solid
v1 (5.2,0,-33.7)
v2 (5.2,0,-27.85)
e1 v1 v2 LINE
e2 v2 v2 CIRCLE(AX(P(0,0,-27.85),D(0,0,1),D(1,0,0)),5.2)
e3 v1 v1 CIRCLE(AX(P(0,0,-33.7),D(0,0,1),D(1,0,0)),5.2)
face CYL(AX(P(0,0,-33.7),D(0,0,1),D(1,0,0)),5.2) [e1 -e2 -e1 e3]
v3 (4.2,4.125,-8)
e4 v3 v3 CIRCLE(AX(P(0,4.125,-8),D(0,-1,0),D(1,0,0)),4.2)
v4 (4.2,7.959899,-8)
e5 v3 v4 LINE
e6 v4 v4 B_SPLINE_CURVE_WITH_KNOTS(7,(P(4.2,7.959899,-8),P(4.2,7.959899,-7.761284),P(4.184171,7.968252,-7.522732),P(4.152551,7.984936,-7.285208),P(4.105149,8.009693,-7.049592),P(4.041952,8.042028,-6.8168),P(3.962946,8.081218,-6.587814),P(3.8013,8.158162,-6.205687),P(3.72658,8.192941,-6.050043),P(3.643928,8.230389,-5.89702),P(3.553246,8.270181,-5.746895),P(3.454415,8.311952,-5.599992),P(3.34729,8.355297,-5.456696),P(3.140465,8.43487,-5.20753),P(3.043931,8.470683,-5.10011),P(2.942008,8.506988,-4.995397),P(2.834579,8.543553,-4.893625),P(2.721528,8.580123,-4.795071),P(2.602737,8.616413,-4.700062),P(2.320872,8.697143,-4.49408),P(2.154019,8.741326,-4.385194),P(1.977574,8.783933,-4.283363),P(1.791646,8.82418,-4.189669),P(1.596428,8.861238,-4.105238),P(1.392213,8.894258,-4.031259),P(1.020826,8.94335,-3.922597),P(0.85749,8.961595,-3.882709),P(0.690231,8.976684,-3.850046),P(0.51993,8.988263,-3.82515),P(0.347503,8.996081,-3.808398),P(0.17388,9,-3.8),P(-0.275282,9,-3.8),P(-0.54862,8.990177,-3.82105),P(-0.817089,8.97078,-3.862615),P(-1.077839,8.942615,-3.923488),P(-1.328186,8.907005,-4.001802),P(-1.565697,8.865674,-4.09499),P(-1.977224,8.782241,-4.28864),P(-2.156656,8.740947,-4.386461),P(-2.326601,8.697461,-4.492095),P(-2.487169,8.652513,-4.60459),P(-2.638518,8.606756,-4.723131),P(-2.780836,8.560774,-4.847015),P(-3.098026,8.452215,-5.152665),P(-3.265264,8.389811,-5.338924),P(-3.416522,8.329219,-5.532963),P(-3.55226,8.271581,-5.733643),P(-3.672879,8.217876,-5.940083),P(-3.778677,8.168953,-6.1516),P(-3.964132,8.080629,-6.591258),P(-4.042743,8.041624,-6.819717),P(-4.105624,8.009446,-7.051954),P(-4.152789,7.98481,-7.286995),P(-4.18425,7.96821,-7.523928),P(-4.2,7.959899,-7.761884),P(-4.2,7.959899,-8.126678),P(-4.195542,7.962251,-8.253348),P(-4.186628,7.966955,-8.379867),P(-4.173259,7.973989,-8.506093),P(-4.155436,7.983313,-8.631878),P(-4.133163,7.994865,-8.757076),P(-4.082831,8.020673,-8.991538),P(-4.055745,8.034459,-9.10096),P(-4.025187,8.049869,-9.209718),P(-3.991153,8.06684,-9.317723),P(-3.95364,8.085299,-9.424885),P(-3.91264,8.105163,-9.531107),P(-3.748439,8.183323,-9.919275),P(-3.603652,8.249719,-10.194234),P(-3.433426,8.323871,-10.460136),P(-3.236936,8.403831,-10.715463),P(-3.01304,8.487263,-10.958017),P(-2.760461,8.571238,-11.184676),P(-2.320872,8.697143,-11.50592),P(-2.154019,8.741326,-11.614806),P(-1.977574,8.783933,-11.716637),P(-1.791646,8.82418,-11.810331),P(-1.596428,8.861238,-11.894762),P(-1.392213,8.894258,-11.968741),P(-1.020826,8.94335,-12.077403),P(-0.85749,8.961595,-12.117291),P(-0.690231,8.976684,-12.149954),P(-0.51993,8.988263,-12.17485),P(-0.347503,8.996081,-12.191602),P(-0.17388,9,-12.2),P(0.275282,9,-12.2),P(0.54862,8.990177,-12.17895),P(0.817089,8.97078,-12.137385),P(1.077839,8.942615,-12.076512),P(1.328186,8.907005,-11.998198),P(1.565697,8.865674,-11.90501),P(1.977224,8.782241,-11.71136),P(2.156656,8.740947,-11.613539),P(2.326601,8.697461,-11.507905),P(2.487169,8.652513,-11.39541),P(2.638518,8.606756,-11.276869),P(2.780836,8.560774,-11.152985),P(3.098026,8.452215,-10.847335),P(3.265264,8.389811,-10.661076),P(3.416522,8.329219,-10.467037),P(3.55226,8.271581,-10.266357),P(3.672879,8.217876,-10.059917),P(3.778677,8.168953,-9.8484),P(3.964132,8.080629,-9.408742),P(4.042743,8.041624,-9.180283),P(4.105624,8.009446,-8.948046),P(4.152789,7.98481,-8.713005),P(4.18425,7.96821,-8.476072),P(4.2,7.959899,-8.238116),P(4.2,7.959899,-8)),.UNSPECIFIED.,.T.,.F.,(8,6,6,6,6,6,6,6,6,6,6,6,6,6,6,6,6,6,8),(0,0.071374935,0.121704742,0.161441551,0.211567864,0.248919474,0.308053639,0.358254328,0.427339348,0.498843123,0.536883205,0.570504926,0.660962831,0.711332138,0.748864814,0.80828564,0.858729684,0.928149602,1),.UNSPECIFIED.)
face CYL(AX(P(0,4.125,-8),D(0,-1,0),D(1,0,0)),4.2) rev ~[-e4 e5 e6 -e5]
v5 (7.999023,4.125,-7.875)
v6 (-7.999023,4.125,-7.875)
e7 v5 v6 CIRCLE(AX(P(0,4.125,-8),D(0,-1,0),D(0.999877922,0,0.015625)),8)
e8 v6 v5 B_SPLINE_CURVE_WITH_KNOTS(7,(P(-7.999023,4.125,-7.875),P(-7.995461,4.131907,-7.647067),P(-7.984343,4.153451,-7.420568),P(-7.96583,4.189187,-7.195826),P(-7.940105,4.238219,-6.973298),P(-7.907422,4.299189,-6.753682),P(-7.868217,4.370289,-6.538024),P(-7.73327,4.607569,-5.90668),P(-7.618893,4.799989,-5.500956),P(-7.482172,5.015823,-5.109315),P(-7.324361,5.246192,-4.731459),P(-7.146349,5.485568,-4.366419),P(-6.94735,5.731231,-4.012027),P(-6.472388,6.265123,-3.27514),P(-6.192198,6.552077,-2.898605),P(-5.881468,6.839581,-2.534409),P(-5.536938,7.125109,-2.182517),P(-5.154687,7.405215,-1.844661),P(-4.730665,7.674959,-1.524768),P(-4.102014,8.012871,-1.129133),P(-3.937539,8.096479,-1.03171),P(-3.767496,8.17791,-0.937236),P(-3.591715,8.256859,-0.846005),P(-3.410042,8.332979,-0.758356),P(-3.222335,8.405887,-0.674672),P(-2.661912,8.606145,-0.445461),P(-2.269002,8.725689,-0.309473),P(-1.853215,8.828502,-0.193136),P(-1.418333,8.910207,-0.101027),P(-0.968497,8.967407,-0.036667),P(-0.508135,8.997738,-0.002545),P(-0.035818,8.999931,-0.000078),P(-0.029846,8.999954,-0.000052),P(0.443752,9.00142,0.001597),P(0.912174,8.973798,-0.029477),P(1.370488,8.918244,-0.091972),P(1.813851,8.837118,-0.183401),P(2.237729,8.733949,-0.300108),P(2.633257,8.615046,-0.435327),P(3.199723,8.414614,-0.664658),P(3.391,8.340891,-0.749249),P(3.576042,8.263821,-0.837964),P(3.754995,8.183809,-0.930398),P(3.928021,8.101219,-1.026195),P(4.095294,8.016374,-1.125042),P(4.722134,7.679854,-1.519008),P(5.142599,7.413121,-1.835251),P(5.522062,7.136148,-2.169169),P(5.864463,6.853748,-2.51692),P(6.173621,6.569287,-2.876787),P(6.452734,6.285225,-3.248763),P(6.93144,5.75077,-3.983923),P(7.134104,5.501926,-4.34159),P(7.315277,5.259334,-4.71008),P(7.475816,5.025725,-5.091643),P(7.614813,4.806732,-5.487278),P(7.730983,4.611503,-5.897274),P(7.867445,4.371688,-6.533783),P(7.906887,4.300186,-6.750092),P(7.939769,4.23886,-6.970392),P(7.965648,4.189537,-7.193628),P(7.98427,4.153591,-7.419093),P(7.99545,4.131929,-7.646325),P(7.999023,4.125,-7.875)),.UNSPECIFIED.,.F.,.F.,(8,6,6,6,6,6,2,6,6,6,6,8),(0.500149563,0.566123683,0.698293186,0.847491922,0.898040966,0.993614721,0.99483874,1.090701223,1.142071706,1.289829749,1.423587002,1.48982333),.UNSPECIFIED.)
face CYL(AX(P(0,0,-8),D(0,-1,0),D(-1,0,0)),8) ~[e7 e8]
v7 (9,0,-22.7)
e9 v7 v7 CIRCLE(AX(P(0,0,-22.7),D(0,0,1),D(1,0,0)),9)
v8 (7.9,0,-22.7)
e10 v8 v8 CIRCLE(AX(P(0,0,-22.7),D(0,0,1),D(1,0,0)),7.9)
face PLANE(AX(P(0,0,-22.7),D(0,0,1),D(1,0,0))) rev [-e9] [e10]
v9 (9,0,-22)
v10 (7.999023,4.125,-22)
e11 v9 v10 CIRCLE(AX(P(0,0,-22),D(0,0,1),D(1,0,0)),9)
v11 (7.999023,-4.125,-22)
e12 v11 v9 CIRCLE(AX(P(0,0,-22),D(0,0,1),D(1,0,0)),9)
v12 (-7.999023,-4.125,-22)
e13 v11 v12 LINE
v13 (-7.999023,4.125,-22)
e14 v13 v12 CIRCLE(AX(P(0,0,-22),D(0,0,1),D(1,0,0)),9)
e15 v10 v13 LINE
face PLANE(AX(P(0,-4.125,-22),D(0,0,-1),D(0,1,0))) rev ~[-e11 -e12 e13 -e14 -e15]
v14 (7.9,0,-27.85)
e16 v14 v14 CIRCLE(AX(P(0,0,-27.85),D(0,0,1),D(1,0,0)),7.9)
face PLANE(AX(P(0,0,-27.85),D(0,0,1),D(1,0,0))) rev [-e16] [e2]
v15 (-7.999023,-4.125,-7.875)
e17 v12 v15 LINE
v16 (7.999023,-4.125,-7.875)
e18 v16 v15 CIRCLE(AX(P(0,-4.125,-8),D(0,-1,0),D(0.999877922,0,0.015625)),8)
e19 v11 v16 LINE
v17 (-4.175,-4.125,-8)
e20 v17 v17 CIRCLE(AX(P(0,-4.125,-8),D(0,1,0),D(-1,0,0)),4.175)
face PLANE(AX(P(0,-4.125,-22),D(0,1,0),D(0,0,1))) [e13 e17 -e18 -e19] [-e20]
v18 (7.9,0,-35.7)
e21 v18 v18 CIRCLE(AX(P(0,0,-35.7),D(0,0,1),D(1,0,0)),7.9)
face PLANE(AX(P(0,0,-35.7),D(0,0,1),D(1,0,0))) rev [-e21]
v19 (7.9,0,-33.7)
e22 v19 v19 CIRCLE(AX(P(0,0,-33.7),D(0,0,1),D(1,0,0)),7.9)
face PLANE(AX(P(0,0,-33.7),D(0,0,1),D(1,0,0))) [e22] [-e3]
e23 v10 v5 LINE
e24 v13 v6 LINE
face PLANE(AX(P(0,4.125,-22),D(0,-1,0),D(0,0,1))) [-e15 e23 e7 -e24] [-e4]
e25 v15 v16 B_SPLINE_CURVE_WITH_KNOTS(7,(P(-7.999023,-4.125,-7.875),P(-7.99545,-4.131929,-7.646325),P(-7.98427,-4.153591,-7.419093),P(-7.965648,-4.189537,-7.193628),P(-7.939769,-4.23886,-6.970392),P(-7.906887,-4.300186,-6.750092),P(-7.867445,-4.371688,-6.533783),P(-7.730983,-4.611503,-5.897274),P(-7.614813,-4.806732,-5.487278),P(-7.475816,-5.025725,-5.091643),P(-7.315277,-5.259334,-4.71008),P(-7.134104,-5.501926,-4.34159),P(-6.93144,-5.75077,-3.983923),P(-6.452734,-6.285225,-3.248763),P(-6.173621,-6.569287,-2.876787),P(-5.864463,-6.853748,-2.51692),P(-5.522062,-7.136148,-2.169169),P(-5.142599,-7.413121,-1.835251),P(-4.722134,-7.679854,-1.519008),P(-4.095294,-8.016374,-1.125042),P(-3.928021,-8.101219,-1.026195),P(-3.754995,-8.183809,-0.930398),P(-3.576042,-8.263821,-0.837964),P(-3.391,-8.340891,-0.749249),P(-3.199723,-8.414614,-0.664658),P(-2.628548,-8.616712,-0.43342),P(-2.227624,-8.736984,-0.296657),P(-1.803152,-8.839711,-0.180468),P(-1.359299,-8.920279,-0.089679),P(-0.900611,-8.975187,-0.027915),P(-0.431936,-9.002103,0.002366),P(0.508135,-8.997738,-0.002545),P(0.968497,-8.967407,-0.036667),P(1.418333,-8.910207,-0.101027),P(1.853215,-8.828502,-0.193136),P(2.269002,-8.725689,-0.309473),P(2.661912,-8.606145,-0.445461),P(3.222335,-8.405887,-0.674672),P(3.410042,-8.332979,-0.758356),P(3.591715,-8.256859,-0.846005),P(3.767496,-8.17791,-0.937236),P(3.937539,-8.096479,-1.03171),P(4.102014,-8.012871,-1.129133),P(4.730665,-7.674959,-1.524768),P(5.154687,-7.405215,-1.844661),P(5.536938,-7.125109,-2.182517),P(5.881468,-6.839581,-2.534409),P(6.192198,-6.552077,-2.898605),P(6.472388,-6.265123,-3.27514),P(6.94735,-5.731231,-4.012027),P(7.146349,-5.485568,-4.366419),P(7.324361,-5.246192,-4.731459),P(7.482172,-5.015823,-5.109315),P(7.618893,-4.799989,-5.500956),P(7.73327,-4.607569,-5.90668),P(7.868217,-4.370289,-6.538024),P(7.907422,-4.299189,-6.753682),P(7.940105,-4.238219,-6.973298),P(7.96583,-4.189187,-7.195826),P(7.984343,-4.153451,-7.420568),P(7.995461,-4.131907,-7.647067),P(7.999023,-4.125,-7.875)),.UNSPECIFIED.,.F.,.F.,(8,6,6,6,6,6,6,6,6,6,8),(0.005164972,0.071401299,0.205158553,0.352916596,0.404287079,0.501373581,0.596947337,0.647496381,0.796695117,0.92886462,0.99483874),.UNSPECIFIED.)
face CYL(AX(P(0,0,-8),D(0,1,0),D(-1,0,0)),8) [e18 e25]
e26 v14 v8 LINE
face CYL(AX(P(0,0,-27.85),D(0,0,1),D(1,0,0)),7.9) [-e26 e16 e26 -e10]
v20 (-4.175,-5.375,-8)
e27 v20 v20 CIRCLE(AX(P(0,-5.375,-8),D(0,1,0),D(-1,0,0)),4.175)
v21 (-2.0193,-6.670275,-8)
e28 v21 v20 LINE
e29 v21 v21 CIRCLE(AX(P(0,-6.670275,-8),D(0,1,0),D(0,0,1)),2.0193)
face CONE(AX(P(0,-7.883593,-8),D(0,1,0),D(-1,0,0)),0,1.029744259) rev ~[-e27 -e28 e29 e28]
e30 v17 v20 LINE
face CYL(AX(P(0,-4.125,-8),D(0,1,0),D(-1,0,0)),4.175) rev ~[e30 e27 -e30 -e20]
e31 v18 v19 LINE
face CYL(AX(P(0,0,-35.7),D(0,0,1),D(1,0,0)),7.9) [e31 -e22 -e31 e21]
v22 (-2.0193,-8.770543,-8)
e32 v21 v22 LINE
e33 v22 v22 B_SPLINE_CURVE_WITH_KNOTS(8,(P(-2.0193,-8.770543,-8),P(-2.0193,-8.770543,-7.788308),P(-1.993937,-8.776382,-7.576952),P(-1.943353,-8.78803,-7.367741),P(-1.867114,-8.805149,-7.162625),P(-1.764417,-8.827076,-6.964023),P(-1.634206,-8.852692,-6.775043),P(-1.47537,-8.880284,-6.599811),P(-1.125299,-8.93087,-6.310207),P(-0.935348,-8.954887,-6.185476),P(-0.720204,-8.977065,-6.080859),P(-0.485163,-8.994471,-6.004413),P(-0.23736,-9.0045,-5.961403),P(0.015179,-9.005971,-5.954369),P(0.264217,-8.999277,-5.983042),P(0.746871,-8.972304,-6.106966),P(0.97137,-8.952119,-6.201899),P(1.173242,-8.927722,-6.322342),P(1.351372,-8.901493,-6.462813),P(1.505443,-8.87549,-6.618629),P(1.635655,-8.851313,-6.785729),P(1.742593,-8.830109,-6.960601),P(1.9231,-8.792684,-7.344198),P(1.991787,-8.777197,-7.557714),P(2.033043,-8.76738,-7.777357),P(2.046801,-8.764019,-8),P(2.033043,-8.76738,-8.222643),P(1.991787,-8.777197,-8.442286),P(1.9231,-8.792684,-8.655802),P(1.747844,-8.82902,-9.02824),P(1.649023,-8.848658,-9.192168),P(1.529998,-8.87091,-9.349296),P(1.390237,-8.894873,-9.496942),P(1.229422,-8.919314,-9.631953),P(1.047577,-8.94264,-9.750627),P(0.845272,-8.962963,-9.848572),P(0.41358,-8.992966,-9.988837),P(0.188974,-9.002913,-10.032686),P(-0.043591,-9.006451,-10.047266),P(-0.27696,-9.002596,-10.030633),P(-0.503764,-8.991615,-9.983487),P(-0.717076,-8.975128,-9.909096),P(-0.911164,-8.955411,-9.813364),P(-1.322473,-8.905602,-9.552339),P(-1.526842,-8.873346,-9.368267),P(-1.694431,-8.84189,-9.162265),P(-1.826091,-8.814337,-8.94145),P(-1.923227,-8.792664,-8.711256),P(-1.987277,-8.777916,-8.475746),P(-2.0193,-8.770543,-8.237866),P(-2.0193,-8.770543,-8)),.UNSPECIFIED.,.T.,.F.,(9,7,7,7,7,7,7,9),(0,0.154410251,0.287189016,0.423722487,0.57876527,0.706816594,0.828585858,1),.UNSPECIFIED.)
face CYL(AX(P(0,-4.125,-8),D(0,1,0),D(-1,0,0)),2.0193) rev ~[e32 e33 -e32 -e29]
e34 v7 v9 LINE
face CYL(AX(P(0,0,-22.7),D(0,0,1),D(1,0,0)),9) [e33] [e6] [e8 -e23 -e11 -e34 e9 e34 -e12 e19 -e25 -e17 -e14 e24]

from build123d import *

# Parameters (mm, degrees)
F2_W           = 8.25
F2_H           = 22
F3_DEPTH       = 9.001
F3_DEPTH_BACK  = 9.001
F5_D           = 4.0386
F5_DEPTH       = 4.876
F6_D           = 8.35
F6_DEPTH       = 1.25
F6_TIP         = 2.5085930844
F8_D           = 8.4
F8_DEPTH       = 4.8760001
F10_DEPTH      = 9.0010001
F10_DEPTH_BACK = 9.0010001007


with BuildPart() as f1:
    # F0 (on Front) → F1 (revolve)
    with BuildSketch(Plane.XZ):
        Polygon((9, 0), (0, 0), (0, -35.7), (7.9, -35.7), (7.9, -33.7), (5.2, -33.7), (5.2, -27.85), (7.9, -27.85), (7.9, -22.7), (9, -22.7), align=None)
    revolve(axis=Axis((0, 0, -17.85), (0, 0, 1)))

    # F2 (on Right) → F3 (cut, two sides)
    with BuildSketch(Plane.YZ) as f3_sk:
        with Locations((0, -11)):
            Rectangle(F2_W, F2_H)
    extrude(amount=-F3_DEPTH, mode=Mode.SUBTRACT)
    extrude(f3_sk.sketch, amount=F3_DEPTH_BACK, mode=Mode.SUBTRACT)

    # F5 (through all, one way)
    with BuildSketch(Plane(origin=(0, -4.125, 0), x_dir=(-1, 0, 0), z_dir=(0, 1, 0))):
        with Locations((0, -8)):
            Circle(F5_D / 2)
    extrude(amount=-F5_DEPTH, mode=Mode.SUBTRACT)

    # F6 (one way)
    with BuildSketch(Plane(origin=(0, -4.125, 0), x_dir=(-1, 0, 0), z_dir=(0, 1, 0))):
        with Locations((0, -8)):
            Circle(F6_D / 2)
    extrude(amount=-F6_DEPTH, mode=Mode.SUBTRACT)
    with Locations(Plane(origin=(0, -4.125, 0), x_dir=(-1, 0, 0), z_dir=(0, 1, 0))):
        with Locations((0, -8)):
            with Locations((0, 0, -(F6_DEPTH + F6_TIP / 2))):  # 118° drill point
                Cone(0, F6_D / 2, F6_TIP, mode=Mode.SUBTRACT)

    # F8 (through all, one way)
    with BuildSketch(Plane.XZ.offset(-4.125)):
        with Locations((0, -8)):
            Circle(F8_D / 2)
    extrude(amount=-F8_DEPTH, mode=Mode.SUBTRACT)

    # F9 (on Front) → F10 (cut, two sides)
    with BuildSketch(Plane.XZ) as f10_sk:
        with BuildLine():
            ThreePointArc((-8, -8), (0, 0), (8, -8))
            Line((8, -8), (8, 2.4616862277))
            Line((8, 2.4616862277), (-8, 2.4616862277))
            Line((-8, 2.4616862277), (-8, -8))
        make_face()
    extrude(amount=-F10_DEPTH, mode=Mode.SUBTRACT)
    extrude(f10_sk.sketch, amount=F10_DEPTH_BACK, mode=Mode.SUBTRACT)


solid = f1.part
